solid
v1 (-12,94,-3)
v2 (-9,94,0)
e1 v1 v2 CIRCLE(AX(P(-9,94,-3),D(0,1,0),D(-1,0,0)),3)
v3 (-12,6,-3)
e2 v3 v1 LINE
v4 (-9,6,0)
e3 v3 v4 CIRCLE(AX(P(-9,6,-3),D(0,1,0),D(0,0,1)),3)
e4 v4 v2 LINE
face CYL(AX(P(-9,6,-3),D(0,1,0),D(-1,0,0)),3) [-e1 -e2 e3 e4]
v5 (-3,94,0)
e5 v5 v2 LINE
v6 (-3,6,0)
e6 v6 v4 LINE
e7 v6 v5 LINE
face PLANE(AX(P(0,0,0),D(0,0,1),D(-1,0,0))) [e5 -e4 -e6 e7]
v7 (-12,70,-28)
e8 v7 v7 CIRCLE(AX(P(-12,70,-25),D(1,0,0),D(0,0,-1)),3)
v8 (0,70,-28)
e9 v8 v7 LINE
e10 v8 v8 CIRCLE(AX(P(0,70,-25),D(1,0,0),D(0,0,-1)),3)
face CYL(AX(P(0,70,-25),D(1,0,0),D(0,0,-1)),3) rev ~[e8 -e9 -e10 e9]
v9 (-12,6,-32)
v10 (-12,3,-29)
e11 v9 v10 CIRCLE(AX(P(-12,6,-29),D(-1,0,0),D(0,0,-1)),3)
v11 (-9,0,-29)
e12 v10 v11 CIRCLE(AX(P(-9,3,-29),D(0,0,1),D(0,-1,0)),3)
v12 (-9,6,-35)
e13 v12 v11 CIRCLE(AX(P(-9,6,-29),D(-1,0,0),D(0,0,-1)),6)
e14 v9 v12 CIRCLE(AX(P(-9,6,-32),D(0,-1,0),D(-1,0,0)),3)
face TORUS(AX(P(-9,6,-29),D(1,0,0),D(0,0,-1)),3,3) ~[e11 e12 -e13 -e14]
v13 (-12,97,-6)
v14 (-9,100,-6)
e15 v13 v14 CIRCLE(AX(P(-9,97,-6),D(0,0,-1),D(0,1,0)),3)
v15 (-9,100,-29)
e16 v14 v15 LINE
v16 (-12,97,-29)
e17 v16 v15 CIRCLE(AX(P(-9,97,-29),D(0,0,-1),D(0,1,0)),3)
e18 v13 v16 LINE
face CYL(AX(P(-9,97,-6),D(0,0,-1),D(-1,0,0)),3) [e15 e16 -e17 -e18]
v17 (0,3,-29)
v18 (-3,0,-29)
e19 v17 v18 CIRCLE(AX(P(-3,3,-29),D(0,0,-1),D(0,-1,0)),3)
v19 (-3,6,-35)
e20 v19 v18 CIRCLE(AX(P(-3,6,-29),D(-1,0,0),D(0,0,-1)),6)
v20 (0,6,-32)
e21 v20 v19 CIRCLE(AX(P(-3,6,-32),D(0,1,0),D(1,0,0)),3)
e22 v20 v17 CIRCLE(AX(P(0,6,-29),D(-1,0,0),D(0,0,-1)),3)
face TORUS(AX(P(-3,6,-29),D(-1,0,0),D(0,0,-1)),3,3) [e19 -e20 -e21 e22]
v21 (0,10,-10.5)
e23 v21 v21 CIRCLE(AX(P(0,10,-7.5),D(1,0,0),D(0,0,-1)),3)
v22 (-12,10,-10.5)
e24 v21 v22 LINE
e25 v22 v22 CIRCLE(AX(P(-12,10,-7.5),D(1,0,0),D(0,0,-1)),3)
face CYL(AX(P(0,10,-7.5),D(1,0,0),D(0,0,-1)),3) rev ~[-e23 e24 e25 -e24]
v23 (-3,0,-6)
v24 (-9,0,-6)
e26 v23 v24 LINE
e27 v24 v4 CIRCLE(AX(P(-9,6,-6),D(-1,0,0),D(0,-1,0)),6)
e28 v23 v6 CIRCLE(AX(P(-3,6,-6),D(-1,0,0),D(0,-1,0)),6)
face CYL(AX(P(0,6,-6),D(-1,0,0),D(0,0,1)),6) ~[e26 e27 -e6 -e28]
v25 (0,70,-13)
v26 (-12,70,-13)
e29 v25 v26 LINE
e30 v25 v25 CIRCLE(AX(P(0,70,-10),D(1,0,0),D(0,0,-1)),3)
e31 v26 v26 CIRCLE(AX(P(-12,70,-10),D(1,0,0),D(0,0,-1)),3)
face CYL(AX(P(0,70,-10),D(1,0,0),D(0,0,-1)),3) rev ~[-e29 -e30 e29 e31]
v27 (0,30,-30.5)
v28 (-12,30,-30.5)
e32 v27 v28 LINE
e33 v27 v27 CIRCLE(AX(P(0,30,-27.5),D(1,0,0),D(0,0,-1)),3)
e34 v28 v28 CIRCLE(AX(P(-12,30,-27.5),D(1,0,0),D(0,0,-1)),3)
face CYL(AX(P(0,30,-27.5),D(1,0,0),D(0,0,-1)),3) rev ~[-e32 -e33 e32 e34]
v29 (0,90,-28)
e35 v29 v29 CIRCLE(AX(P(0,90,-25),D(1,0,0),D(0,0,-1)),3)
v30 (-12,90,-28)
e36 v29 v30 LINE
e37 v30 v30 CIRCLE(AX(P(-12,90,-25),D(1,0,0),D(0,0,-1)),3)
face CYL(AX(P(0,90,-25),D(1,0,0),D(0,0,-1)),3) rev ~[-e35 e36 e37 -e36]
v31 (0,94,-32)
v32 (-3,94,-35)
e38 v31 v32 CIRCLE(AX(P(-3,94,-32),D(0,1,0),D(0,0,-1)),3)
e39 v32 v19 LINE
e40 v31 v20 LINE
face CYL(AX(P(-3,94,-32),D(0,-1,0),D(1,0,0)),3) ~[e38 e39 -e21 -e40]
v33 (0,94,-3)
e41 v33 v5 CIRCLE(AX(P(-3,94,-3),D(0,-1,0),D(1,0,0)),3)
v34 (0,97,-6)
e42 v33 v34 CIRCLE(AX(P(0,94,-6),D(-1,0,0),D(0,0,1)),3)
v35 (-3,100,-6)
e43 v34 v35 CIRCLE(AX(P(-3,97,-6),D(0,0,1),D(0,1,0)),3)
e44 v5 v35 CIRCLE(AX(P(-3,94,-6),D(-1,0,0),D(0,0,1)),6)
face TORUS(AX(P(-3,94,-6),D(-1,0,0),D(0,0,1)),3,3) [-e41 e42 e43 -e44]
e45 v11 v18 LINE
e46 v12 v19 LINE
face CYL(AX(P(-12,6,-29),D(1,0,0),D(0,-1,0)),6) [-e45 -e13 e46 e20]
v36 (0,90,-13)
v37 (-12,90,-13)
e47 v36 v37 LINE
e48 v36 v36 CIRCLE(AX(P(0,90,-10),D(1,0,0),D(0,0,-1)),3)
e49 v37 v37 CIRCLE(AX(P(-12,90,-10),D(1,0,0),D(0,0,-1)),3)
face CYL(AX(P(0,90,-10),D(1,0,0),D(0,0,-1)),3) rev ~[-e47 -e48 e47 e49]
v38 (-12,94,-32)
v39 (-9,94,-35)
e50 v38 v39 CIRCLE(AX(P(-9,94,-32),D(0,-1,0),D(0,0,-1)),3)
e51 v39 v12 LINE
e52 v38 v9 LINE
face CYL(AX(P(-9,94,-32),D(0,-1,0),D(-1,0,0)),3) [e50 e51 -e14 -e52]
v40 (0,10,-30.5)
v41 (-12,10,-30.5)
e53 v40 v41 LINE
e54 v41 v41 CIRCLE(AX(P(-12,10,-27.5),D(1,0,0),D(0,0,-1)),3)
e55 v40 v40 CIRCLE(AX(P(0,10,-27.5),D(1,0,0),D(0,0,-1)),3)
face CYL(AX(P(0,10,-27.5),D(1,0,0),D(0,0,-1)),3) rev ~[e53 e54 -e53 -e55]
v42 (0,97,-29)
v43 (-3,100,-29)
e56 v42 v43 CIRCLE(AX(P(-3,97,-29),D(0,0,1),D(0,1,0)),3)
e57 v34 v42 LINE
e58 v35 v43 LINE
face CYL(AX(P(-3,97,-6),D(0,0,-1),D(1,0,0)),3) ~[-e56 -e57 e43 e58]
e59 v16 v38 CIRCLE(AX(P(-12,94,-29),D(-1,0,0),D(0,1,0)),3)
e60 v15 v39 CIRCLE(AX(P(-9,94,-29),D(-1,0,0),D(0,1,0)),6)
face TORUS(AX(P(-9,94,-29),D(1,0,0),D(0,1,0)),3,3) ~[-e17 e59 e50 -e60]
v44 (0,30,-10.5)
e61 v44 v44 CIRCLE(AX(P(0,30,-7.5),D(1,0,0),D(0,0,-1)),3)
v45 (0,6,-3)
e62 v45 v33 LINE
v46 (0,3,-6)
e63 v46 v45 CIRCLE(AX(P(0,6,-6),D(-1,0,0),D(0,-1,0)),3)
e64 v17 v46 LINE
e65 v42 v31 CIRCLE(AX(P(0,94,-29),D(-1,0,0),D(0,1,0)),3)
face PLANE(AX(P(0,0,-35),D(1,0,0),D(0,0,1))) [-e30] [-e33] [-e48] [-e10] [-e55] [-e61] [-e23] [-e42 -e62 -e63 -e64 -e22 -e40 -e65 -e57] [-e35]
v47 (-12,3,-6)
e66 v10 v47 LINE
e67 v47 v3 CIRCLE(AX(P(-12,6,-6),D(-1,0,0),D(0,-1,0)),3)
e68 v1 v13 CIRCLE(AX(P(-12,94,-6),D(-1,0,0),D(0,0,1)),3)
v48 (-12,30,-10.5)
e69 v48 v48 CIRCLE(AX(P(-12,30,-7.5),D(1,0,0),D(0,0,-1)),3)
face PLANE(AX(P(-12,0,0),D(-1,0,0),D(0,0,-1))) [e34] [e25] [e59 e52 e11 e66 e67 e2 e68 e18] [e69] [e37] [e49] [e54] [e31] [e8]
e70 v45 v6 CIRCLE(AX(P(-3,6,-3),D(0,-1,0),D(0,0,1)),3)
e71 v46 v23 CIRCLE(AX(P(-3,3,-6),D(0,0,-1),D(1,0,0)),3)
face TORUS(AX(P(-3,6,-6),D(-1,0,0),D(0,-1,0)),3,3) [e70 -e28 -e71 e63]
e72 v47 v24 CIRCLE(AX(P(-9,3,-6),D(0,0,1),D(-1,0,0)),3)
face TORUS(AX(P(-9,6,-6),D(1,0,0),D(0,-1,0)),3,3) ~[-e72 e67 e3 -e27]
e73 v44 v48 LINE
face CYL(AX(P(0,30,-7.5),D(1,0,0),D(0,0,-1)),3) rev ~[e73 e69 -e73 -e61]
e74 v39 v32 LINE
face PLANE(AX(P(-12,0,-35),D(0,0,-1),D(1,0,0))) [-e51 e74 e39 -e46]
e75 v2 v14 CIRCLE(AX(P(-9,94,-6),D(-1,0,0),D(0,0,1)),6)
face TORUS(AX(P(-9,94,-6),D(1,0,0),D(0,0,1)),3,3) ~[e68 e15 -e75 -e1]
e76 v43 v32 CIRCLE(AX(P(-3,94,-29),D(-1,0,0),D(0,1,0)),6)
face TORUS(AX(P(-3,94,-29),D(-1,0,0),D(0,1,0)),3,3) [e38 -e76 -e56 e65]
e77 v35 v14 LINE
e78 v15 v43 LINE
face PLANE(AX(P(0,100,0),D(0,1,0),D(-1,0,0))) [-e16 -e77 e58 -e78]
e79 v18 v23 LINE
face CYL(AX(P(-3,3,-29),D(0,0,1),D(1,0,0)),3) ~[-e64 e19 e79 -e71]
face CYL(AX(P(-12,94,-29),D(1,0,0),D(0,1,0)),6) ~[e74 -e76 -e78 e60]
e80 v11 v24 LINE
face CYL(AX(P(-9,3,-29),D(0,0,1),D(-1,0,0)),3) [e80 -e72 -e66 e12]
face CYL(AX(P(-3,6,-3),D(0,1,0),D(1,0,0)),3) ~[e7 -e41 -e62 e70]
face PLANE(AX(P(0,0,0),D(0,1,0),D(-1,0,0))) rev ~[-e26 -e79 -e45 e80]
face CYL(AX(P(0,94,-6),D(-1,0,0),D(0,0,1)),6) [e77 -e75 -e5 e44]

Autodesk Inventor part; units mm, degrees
ref_plane "YZ Plane" through (0, 0, 0) normal (1, 0, 0) x (0, 1, 0)
ref_plane "XZ Plane" through (0, 0, 0) normal (0, 1, 0) x (-1, 0, 0)
ref_plane "XY Plane" through (0, 0, 0) normal (0, 0, 1) x (1, 0, 0)
sketch "Sketch1" plane through (0, 0, 0) normal (0, 1, 0) x (-1, 0, 0)
  line L0 (0, 0) -> (12, 0)
  line L1 (12, 0) -> (12, -35)
  line L2 (12, -35) -> (0, -35)
  line L3 (0, -35) -> (0, 0)
  dimension "d0" = 12
  dimension "d1" = 35
extrude "Extrusion1" add sketch "Sketch1" along normal blind 100
sketch "Sketch2" plane through (0, 0, 0) normal (1, 0, 0) x (0, 0, -1)
  circle A0 centre (10, 90) radius 3
  line L0 (0, 0) -> (0, 100) projected
  line L1 (0, 100) -> (35, 100) projected
  circle A1 centre (25, 90) radius 3
  circle A2 centre (10, 70) radius 3
  circle A3 centre (25, 70) radius 3
  circle A4 centre (7.5, 10) radius 3
  line L2 (0, 0) -> (35, 0) projected
  circle A5 centre (27.5, 10) radius 3
  circle A6 centre (7.5, 30) radius 3
  circle A7 centre (27.5, 30) radius 3
  dimension "d4" = 6
  dimension "d5" = 10
  dimension "d6" = 10
  dimension "d9" = 15
  dimension "d12" = 20
  dimension "d15" = 6
  dimension "d16" = 10
  dimension "d17" = 7.5
  dimension "d20" = 20
  dimension "d23" = 20
extrude "Extrusion2" cut sketch "Sketch2" against normal through all
fillet "Fillet1" radius 6 4 edges at (-6, 0, 0) (-6, 0, -35) (-6, 100, 0) (-6, 100, -35)
fillet "Fillet2" radius 3 16 edges at (0, 98.2426, -33.2426) (0, 100, -17.5) (0, 98.2426, -1.7574) (0, 50, 0) (0, 1.7574, -1.7574) (0, 0, -17.5) (0, 1.7574, -33.2426) (0, 50, -35) (-12, 98.2426, -33.2426) (-12, 100, -17.5) (-12, 98.2426, -1.7574) (-12, 50, 0) (-12, 1.7574, -1.7574) (-12, 0, -17.5) (-12, 1.7574, -33.2426) (-12, 50, -35)
properties part number "EboxTslotMountV2"
